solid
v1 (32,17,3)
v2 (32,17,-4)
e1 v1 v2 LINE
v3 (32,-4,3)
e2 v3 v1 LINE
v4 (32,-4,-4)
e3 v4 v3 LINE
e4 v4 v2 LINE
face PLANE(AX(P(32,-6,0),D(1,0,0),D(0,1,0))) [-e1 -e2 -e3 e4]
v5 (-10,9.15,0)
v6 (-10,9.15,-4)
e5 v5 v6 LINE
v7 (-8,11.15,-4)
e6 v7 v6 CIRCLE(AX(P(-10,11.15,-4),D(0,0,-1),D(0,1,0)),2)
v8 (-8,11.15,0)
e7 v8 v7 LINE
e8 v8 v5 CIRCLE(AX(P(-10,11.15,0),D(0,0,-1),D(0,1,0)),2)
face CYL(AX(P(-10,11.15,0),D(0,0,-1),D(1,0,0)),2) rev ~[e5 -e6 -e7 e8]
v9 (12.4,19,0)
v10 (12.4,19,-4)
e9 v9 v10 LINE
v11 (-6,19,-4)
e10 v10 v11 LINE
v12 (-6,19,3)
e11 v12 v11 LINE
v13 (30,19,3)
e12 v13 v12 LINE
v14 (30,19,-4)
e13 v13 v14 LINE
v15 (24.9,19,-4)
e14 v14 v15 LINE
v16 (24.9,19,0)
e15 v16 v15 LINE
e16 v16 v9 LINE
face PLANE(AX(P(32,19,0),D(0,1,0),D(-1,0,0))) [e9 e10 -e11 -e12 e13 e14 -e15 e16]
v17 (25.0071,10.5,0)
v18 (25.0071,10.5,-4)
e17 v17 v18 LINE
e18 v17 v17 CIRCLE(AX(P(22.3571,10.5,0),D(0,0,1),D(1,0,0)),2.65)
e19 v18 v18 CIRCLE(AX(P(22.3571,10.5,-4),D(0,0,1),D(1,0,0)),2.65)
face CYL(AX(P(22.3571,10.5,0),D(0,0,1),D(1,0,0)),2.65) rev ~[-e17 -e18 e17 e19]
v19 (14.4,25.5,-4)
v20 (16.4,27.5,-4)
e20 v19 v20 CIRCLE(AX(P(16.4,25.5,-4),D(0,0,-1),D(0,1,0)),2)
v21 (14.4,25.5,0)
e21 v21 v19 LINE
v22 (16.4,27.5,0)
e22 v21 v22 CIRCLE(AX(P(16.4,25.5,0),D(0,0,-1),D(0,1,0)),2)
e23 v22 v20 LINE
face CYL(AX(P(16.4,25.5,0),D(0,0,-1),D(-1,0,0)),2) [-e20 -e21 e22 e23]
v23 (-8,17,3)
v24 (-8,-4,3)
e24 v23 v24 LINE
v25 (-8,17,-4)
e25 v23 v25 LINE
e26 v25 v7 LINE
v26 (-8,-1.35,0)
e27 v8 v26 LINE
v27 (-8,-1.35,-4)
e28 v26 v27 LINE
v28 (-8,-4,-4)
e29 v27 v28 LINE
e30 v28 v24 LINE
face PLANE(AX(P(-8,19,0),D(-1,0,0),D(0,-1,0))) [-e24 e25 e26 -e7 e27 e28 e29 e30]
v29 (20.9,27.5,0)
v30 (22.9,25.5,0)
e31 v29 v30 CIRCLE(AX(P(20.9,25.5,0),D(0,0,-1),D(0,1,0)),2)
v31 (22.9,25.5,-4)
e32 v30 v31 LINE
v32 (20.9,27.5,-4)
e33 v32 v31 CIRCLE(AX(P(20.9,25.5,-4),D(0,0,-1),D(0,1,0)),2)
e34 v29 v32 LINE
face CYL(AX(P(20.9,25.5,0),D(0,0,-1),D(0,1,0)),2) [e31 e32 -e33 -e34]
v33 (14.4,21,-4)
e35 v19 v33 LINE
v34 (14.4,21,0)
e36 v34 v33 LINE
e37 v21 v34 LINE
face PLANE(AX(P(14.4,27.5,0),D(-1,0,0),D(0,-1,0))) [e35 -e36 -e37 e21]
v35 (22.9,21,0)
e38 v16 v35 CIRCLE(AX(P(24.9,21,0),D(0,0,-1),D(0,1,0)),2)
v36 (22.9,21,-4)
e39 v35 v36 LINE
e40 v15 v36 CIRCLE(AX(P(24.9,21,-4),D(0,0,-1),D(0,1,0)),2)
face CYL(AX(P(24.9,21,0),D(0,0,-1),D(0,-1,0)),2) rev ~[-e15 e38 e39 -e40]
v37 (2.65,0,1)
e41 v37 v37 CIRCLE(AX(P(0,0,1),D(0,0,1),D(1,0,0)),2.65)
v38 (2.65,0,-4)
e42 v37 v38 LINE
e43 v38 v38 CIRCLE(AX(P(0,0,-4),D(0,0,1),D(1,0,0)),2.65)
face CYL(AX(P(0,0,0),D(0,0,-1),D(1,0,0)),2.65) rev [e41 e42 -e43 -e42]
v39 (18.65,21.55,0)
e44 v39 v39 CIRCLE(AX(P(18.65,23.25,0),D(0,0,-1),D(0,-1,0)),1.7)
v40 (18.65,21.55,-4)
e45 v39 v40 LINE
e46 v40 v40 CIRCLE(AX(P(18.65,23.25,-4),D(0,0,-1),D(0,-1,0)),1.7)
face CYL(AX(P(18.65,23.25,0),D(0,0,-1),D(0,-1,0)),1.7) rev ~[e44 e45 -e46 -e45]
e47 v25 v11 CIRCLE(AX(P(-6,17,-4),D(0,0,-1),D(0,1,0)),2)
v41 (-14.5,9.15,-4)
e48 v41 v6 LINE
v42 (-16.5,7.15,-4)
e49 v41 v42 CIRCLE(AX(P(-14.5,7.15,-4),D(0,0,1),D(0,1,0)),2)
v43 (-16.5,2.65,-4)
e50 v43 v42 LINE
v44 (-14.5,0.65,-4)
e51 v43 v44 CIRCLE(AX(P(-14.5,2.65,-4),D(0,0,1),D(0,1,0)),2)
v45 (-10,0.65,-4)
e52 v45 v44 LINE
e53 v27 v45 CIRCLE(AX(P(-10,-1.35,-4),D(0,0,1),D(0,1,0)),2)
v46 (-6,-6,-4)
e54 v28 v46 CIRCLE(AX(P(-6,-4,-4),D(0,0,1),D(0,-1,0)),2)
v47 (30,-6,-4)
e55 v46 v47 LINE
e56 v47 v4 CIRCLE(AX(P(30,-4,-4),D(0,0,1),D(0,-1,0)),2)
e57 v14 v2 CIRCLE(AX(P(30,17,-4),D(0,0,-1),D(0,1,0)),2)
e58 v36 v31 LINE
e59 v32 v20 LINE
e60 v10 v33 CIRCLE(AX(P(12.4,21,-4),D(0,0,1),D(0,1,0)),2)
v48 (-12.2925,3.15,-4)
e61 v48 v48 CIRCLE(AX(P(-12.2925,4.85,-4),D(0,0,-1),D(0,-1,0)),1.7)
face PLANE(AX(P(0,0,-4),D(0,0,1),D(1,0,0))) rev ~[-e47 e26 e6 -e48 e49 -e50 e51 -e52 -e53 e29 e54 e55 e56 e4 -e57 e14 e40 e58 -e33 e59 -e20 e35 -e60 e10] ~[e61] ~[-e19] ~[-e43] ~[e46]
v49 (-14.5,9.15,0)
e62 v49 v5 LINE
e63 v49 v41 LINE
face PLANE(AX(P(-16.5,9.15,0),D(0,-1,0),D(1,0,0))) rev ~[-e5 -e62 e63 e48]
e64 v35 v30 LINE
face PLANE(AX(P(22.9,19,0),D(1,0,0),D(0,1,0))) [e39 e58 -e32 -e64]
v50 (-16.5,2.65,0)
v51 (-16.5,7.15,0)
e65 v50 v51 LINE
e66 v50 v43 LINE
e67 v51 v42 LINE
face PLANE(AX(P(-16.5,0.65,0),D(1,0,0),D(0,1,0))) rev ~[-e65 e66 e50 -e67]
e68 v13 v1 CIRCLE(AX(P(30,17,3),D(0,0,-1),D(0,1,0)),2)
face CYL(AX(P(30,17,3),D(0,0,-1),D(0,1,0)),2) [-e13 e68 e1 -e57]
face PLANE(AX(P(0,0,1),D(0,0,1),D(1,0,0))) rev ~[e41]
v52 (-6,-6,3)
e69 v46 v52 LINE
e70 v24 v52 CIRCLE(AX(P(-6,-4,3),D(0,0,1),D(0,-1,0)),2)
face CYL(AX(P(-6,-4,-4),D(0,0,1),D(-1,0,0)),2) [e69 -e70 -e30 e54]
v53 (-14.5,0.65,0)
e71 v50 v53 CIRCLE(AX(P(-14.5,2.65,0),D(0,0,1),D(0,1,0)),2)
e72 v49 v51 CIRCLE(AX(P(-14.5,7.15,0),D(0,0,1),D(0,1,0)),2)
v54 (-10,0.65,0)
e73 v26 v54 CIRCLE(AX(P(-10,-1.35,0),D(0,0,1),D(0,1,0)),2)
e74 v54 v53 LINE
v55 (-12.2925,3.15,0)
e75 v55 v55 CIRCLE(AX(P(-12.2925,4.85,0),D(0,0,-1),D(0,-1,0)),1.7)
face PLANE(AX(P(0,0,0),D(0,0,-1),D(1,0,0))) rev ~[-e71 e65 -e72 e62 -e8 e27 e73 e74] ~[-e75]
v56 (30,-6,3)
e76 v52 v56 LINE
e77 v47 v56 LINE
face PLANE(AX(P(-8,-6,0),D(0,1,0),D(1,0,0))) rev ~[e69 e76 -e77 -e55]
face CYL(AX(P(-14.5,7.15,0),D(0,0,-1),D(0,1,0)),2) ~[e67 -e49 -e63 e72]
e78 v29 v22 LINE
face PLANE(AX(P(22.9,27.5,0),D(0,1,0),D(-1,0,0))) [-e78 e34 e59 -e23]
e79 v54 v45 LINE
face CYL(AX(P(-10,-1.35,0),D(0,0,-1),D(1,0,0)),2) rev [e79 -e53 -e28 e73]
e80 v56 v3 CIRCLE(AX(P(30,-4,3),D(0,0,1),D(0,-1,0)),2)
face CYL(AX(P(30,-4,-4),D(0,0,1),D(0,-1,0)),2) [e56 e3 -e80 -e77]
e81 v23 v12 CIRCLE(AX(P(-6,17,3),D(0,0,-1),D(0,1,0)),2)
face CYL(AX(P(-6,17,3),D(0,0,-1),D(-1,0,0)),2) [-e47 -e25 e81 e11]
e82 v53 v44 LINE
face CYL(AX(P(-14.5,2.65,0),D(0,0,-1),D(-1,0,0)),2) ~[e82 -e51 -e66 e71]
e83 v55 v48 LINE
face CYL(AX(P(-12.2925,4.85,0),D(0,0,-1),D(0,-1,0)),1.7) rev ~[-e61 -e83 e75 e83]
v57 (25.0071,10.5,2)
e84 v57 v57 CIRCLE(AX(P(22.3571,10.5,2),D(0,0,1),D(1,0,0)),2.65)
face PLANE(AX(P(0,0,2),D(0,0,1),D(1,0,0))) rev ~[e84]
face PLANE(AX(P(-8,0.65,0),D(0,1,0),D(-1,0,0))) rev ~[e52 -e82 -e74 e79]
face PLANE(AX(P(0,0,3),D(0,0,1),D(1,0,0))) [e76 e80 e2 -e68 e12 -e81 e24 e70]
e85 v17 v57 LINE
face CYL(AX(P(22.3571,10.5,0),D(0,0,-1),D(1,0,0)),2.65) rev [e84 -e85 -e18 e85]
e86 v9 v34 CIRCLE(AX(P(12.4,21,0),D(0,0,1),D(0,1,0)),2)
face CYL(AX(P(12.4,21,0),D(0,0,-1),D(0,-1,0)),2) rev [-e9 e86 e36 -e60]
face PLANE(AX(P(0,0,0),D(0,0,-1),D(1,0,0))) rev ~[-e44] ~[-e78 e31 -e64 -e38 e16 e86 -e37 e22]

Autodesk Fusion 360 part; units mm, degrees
sketch "Sketch1" plane through (0, 0, 0) normal (0, 0, 1) x (1, 0, 0)
  line L0 (0, 0) -> (0, 10.5)
  line L1 (0, 0) -> (22.3571, 10.5)
  circle A0 centre (0, 0) radius 2 construction
  circle A1 centre (22.3571, 10.5) radius 2 construction
  line L2 (-8, -6) -> (32, -6)
  line L3 (32, -6) -> (32, 19)
  line L4 (32, 19) -> (-8, 19)
  line L5 (-8, 19) -> (-8, -6)
  dimension "d1" = 10.5
  dimension "d2" = 24.7
  dimension "d3" = 4
  dimension "d4" = 4
  dimension "d5" = 25
  dimension "d6" = 40
  dimension "d7" = 8
  dimension "d8" = 6
extrude "Extrude1" add sketch "Sketch1" along normal blind 3 makes body 1
sketch "Sketch2" plane through (0, 0, 0) normal (0, 0, 1) x (1, 0, 0)
  circle A0 centre (0, 0) radius 2.65
  circle A1 centre (22.3571, 10.5) radius 2.65
  point P0 (22.3571, 10.5)
  dimension "d11" = 5.3
  dimension "d12" = 5.3
extrude "Extrude2" cut sketch "Sketch2" along normal blind 2 bodies 1
hole "Hole1" at (-22.3571, -10.5, 2) direction (0, 0, 1) diameter 3.4 depth 4 tip angle 118 bodies 1
sketch "Sketch4" plane through (0, 0, 0) normal (0, 0, -1) x (1, 0, 0)
  circle A0 centre (0, 0) radius 2.65
  line L0 (-8, 6) -> (-8, -19)
  line L1 (-8, -19) -> (32, -19)
  line L2 (32, -19) -> (32, 6)
  line L3 (32, 6) -> (-8, 6)
  line L4 (-12.2925, -4.85) -> (18.65, -23.25) construction
  line L5 (-8, -0.65) -> (-16.5, -0.65)
  line L6 (-16.5, -0.65) -> (-16.5, -9.15)
  line L7 (-16.5, -9.15) -> (-8, -9.15)
  line L8 (-8, -9.15) -> (-8, -0.65)
  line L9 (-16.5, -4.9) -> (-8, -4.9) construction
  line L10 (14.4, -19) -> (22.9, -19) construction
  line L11 (22.9, -19) -> (22.9, -27.5)
  line L12 (22.9, -27.5) -> (14.4, -27.5)
  line L13 (14.4, -27.5) -> (14.4, -19)
  line L14 (18.65, -19) -> (18.65, -27.5) construction
  line L15 (22.9, -23.25) -> (14.4, -23.25) construction
  line L16 (-12.25, -9.15) -> (-12.25, -0.65) construction
  dimension "d26" = 36
  dimension "d27" = 18.4
  dimension "d28" = 8.5
  dimension "d29" = 8.5
  dimension "d30" = 9.85
  dimension "d31" = 8.5
  dimension "d32" = 8.5
  dimension "d42" = 9.1
extrude "Extrude3" add sketch "Sketch4" along normal blind 4 separate body contours L0 L5 L6 L7 L8 | L1 L11 L12 L13 makes body 2 at (-10.8333, 3.4833, 0) makes body 3 at (17.2333, 24.6667, 0)
extrude "Extrude4" add 1 faces at (4.2643, 10.916, 0) along direction (0, 0, -1) up to surface (4 mm away) on bodies 1 bodies 1 2 3
hole "Hole3" at (18.65, 23.25, 0) at (-12.2925, 4.85, 0) direction (0, 0, -1) diameter 3.4 depth 4 tip angle 118 bodies 1
extrude "Extrude7" add 1 faces at (-0.1169, 0.6581, 2) along direction (0, 0, -1) blind 1 on bodies 1 bodies 1
fillet "Fillet1" radius 2 12 edges at (-8, 0.65, -2) (-16.5, 0.65, -2) (-8, 9.15, -2) (-16.5, 9.15, -2) (14.4, 19, -2) (22.9, 19, -2) (22.9, 27.5, -2) (14.4, 27.5, -2) (-8, -6, -0.5) (32, -6, -0.5) (32, 19, -0.5) (-8, 19, -0.5) on bodies 1
